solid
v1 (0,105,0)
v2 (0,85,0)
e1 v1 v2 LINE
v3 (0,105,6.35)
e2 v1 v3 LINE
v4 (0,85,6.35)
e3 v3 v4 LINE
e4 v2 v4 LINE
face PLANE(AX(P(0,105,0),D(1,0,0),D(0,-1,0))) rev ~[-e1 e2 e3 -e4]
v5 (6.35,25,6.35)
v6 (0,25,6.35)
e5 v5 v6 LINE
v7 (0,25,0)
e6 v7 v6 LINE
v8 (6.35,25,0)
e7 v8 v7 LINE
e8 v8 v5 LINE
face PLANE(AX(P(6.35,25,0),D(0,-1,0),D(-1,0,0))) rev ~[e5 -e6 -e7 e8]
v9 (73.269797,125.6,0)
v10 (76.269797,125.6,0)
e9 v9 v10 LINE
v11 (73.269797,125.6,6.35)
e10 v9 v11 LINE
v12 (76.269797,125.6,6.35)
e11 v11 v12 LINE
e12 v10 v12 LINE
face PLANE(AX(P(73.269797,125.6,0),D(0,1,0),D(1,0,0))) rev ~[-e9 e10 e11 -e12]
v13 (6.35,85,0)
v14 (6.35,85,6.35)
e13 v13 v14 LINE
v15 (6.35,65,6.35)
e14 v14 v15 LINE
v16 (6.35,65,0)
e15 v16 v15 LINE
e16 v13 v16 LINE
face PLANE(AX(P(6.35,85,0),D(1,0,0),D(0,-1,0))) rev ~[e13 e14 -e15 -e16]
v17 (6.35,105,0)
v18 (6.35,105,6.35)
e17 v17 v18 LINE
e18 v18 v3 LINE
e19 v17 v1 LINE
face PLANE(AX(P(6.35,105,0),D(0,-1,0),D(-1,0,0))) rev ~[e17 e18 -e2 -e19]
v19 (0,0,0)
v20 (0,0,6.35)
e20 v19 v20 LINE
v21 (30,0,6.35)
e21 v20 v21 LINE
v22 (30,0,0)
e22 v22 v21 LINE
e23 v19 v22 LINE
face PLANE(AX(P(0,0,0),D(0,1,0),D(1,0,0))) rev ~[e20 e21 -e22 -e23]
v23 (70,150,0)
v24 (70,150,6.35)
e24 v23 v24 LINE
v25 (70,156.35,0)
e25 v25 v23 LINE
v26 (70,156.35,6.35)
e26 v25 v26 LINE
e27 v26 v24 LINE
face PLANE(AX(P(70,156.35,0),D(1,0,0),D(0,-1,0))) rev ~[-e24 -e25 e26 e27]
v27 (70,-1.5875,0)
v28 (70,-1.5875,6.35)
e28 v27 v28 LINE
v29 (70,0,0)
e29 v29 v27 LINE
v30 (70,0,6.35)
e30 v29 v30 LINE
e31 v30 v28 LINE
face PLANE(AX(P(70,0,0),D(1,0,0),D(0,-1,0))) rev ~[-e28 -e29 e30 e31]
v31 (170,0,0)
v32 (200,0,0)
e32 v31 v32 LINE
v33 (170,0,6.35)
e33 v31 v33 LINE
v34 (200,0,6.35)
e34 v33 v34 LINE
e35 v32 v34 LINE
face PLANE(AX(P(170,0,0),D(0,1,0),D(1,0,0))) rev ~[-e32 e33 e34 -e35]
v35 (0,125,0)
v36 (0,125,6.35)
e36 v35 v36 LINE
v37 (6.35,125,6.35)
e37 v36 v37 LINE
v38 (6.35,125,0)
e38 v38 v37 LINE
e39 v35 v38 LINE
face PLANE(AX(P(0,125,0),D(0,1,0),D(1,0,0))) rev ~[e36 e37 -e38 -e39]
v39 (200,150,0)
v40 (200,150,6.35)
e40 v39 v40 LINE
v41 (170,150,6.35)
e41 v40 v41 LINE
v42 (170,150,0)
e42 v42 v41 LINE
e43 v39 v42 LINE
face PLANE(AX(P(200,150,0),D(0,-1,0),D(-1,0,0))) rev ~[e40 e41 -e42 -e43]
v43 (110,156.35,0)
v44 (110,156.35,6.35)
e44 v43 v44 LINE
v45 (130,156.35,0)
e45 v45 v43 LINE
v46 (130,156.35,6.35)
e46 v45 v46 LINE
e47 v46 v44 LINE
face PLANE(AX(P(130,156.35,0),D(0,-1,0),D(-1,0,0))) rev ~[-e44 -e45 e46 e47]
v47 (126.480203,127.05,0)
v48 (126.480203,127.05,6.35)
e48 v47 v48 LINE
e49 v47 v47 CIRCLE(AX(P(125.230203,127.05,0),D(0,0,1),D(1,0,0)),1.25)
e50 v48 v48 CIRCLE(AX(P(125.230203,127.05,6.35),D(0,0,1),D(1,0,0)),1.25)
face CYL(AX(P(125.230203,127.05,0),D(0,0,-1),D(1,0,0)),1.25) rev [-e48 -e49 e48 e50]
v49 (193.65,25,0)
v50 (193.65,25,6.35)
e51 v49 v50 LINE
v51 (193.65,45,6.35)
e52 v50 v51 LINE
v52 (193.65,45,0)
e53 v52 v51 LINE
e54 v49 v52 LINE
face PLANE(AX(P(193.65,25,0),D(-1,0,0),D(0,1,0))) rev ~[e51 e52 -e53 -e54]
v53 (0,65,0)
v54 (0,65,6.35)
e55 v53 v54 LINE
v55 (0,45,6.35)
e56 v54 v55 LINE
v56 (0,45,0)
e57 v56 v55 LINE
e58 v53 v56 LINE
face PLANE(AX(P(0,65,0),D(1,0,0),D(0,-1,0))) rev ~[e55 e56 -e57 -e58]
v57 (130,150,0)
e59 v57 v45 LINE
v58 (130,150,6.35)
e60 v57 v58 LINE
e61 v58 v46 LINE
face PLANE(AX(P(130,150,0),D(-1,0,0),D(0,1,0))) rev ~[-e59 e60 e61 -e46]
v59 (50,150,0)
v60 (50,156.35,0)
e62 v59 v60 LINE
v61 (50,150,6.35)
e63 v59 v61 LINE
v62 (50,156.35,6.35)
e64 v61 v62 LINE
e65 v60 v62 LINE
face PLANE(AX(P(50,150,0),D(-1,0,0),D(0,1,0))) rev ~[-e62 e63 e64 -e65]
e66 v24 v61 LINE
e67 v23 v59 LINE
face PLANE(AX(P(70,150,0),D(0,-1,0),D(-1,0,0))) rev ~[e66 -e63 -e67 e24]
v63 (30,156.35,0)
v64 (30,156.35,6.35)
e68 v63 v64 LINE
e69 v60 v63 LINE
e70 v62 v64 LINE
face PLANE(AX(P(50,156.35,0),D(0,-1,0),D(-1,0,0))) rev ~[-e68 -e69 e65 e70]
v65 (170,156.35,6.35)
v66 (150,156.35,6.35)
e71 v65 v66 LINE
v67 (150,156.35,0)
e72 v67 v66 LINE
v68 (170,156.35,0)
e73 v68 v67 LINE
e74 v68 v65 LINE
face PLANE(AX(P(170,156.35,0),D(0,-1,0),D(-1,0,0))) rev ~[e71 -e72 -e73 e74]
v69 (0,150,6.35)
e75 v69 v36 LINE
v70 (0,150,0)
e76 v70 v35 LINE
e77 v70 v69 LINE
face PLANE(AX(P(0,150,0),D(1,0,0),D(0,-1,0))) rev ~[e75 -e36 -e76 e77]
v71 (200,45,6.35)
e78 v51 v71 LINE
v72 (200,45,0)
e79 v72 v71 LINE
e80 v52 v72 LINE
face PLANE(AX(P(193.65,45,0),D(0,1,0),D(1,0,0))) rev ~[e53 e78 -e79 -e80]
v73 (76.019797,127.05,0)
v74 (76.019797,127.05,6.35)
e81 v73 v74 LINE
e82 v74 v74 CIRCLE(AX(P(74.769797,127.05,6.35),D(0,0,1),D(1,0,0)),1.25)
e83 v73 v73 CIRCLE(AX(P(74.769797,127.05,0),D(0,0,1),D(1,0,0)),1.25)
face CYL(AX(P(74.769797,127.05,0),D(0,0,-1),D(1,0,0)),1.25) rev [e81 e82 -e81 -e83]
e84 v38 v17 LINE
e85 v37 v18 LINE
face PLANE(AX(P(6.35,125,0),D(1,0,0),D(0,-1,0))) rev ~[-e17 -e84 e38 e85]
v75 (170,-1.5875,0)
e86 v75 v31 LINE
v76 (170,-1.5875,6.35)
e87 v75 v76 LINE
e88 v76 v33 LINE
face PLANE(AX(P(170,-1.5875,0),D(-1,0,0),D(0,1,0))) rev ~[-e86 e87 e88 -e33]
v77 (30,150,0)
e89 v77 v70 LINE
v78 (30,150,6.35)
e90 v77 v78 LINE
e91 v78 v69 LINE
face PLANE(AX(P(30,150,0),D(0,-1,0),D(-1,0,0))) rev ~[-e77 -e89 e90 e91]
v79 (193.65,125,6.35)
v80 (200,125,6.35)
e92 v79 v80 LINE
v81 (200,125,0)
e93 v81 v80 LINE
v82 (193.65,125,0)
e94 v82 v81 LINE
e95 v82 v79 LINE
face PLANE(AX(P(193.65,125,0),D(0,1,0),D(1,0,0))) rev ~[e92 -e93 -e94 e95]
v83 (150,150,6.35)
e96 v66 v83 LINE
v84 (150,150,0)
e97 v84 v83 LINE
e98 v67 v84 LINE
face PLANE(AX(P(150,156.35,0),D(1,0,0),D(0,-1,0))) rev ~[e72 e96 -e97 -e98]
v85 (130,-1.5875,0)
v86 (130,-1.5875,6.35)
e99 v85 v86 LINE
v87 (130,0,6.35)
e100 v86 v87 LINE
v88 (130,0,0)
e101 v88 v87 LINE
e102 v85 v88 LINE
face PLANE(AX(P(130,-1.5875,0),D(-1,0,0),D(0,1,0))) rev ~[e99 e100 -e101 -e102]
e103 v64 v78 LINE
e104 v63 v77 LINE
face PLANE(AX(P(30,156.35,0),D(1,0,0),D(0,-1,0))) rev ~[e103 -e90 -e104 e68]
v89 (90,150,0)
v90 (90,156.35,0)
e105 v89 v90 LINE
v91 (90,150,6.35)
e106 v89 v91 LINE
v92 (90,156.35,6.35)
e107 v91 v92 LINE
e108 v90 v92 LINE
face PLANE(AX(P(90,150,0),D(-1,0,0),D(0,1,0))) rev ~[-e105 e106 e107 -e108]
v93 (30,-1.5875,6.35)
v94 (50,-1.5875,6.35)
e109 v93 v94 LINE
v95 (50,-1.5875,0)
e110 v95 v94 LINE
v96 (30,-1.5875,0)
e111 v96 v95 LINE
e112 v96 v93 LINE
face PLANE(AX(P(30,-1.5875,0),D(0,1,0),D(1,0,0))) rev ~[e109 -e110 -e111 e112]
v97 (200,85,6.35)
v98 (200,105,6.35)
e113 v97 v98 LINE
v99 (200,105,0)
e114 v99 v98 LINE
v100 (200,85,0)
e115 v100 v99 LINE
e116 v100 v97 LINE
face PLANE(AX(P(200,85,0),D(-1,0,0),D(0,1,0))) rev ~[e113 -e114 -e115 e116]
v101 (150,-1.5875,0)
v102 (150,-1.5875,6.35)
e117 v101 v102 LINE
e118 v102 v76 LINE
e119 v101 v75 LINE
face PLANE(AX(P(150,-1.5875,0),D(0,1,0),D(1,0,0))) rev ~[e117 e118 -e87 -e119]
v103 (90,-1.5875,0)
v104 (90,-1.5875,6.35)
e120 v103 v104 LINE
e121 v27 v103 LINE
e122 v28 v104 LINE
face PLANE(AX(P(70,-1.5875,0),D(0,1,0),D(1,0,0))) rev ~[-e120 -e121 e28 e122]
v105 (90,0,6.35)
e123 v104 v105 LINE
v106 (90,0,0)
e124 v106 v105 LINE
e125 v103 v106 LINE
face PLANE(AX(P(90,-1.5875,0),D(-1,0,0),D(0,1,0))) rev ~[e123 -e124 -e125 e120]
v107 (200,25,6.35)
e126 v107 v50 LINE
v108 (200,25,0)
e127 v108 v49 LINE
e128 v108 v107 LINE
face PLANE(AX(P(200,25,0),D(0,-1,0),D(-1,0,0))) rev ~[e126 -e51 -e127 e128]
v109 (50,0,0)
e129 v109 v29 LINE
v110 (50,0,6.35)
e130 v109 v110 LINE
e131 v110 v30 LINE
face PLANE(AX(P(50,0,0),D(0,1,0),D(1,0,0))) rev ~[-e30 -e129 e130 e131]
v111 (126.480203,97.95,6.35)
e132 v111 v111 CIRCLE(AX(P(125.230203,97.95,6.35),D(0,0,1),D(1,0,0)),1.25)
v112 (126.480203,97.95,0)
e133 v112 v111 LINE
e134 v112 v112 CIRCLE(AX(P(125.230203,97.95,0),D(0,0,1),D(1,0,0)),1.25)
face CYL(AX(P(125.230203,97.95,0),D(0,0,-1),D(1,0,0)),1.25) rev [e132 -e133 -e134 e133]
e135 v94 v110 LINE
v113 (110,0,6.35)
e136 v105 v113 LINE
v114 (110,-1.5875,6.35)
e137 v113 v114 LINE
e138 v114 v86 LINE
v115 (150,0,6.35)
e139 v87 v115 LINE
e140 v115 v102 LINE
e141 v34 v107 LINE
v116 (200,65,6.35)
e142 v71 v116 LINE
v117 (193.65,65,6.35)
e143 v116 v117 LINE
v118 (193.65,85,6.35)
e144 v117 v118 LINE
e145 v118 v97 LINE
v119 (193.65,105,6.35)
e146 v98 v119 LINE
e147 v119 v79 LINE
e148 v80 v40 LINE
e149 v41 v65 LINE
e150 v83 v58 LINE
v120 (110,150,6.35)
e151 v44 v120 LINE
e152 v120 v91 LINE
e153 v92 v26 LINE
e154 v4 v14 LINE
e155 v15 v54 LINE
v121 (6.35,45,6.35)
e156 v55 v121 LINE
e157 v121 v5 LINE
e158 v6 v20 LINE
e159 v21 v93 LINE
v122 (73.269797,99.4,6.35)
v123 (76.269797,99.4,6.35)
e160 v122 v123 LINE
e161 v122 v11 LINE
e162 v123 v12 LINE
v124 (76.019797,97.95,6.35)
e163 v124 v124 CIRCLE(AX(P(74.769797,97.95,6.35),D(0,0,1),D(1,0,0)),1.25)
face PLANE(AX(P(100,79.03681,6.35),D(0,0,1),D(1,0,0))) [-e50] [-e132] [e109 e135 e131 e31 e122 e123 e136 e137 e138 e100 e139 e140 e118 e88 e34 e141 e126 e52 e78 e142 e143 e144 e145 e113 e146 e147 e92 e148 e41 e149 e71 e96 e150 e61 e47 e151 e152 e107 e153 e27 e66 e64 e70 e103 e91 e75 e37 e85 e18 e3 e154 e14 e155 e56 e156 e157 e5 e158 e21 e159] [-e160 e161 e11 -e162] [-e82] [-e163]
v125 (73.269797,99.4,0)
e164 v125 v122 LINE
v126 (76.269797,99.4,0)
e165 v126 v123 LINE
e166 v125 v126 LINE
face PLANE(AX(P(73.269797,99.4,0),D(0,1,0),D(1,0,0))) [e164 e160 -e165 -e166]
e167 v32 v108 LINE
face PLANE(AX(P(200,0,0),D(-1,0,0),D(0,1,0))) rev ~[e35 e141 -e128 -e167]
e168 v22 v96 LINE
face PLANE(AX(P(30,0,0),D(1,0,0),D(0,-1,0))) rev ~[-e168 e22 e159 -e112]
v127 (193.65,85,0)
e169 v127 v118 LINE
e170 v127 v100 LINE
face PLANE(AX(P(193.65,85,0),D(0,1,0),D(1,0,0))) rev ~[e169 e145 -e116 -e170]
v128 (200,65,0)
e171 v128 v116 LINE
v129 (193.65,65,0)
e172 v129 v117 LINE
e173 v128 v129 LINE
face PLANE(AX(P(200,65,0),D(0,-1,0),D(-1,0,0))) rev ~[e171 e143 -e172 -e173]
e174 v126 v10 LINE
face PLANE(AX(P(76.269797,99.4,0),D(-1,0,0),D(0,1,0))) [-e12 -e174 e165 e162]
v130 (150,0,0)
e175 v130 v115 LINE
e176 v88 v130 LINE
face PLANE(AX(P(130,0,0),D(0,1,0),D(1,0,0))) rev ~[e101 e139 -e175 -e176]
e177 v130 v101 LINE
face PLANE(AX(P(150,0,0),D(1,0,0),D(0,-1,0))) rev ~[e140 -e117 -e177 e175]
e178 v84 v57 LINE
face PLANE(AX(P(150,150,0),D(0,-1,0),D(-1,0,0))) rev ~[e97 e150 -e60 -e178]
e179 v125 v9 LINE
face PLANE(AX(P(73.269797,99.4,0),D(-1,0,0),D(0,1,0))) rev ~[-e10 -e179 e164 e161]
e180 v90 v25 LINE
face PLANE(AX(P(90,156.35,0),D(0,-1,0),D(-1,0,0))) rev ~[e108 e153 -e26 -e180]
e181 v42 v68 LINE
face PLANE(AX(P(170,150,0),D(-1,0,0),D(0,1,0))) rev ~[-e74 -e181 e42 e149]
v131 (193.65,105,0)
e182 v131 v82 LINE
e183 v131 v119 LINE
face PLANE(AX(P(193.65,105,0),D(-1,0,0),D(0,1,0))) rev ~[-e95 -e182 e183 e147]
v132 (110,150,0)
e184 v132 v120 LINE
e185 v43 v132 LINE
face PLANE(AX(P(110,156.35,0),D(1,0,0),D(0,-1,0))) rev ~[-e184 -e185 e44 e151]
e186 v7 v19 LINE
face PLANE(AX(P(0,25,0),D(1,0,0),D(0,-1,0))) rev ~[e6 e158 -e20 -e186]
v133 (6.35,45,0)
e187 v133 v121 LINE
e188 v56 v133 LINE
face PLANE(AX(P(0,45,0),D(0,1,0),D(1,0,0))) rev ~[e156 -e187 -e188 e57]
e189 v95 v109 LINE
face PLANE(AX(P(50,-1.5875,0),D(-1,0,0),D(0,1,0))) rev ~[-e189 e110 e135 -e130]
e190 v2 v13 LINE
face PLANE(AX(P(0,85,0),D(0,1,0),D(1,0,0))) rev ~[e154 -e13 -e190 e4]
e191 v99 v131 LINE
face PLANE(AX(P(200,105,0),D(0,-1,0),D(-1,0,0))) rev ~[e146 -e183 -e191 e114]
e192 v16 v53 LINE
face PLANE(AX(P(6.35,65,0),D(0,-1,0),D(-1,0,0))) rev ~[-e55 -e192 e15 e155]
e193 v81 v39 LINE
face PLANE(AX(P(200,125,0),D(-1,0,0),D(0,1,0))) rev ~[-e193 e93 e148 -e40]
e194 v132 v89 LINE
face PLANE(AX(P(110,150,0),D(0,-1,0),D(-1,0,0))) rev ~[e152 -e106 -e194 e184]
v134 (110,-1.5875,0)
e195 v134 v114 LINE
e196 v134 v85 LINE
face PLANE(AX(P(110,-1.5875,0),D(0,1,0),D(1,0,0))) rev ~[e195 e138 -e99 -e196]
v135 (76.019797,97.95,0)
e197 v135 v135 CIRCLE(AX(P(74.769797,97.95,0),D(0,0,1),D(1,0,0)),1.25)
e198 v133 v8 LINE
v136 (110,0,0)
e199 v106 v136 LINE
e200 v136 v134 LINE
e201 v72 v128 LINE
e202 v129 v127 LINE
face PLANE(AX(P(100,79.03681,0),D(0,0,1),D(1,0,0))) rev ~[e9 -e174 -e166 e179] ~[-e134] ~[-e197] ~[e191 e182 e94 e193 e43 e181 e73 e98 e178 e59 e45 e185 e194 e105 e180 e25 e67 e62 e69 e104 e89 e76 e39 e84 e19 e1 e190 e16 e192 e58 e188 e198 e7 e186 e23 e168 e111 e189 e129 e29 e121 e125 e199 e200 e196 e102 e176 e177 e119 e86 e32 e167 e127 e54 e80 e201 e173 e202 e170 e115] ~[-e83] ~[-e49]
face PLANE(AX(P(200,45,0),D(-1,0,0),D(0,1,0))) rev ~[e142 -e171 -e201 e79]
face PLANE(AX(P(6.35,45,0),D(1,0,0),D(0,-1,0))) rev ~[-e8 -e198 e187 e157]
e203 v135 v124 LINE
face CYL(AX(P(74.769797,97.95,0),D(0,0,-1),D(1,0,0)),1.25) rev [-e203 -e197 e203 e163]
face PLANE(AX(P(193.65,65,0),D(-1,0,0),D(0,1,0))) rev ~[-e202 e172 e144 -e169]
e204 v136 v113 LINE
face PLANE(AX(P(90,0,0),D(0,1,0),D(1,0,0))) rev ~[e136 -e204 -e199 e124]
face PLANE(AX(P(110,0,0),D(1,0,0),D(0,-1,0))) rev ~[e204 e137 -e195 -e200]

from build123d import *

# Parameters (mm, degrees)
SKETCH1_R           = 1.25
SKETCH1_W           = 3
SKETCH1_H           = 26.2
BOSS_EXTRUDE4_DEPTH = 6.35


with BuildPart() as part:
    # Sketch1 → Boss-Extrude4 (new body)
    with BuildSketch(Plane.XY):
        Polygon((0, 25), (0, 0), (30, 0), (30, -1.5875), (50, -1.5875), (50, 0), (70, 0), (70, -1.5875), (90, -1.5875), (90, 0), (110, 0), (110, -1.5875), (130, -1.5875), (130, 0), (150, 0), (150, -1.5875), (170, -1.5875), (170, 0), (200, 0), (200, 25), (193.65, 25), (193.65, 45), (200, 45), (200, 65), (193.65, 65), (193.65, 85), (200, 85), (200, 105), (193.65, 105), (193.65, 125), (200, 125), (200, 150), (170, 150), (170, 156.35), (150, 156.35), (150, 150), (130, 150), (130, 156.35), (110, 156.35), (110, 150), (90, 150), (90, 156.35), (70, 156.35), (70, 150), (50, 150), (50, 156.35), (30, 156.35), (30, 150), (0, 150), (0, 125), (6.35, 125), (6.35, 105), (0, 105), (0, 85), (6.35, 85), (6.35, 65), (0, 65), (0, 45), (6.35, 45), (6.35, 25), align=None)
        with Locations((74.769797365, 97.95)):
            Circle(SKETCH1_R, mode=Mode.SUBTRACT)
        with Locations((74.769797365, 112.5)):
            Rectangle(SKETCH1_W, SKETCH1_H, mode=Mode.SUBTRACT)
        with Locations((74.769797365, 127.05)):
            Circle(SKETCH1_R, mode=Mode.SUBTRACT)
        with Locations((125.230202635, 97.95)):
            Circle(SKETCH1_R, mode=Mode.SUBTRACT)
        with Locations((125.230202635, 127.05)):
            Circle(SKETCH1_R, mode=Mode.SUBTRACT)
    extrude(amount=BOSS_EXTRUDE4_DEPTH)


solid = part.part
